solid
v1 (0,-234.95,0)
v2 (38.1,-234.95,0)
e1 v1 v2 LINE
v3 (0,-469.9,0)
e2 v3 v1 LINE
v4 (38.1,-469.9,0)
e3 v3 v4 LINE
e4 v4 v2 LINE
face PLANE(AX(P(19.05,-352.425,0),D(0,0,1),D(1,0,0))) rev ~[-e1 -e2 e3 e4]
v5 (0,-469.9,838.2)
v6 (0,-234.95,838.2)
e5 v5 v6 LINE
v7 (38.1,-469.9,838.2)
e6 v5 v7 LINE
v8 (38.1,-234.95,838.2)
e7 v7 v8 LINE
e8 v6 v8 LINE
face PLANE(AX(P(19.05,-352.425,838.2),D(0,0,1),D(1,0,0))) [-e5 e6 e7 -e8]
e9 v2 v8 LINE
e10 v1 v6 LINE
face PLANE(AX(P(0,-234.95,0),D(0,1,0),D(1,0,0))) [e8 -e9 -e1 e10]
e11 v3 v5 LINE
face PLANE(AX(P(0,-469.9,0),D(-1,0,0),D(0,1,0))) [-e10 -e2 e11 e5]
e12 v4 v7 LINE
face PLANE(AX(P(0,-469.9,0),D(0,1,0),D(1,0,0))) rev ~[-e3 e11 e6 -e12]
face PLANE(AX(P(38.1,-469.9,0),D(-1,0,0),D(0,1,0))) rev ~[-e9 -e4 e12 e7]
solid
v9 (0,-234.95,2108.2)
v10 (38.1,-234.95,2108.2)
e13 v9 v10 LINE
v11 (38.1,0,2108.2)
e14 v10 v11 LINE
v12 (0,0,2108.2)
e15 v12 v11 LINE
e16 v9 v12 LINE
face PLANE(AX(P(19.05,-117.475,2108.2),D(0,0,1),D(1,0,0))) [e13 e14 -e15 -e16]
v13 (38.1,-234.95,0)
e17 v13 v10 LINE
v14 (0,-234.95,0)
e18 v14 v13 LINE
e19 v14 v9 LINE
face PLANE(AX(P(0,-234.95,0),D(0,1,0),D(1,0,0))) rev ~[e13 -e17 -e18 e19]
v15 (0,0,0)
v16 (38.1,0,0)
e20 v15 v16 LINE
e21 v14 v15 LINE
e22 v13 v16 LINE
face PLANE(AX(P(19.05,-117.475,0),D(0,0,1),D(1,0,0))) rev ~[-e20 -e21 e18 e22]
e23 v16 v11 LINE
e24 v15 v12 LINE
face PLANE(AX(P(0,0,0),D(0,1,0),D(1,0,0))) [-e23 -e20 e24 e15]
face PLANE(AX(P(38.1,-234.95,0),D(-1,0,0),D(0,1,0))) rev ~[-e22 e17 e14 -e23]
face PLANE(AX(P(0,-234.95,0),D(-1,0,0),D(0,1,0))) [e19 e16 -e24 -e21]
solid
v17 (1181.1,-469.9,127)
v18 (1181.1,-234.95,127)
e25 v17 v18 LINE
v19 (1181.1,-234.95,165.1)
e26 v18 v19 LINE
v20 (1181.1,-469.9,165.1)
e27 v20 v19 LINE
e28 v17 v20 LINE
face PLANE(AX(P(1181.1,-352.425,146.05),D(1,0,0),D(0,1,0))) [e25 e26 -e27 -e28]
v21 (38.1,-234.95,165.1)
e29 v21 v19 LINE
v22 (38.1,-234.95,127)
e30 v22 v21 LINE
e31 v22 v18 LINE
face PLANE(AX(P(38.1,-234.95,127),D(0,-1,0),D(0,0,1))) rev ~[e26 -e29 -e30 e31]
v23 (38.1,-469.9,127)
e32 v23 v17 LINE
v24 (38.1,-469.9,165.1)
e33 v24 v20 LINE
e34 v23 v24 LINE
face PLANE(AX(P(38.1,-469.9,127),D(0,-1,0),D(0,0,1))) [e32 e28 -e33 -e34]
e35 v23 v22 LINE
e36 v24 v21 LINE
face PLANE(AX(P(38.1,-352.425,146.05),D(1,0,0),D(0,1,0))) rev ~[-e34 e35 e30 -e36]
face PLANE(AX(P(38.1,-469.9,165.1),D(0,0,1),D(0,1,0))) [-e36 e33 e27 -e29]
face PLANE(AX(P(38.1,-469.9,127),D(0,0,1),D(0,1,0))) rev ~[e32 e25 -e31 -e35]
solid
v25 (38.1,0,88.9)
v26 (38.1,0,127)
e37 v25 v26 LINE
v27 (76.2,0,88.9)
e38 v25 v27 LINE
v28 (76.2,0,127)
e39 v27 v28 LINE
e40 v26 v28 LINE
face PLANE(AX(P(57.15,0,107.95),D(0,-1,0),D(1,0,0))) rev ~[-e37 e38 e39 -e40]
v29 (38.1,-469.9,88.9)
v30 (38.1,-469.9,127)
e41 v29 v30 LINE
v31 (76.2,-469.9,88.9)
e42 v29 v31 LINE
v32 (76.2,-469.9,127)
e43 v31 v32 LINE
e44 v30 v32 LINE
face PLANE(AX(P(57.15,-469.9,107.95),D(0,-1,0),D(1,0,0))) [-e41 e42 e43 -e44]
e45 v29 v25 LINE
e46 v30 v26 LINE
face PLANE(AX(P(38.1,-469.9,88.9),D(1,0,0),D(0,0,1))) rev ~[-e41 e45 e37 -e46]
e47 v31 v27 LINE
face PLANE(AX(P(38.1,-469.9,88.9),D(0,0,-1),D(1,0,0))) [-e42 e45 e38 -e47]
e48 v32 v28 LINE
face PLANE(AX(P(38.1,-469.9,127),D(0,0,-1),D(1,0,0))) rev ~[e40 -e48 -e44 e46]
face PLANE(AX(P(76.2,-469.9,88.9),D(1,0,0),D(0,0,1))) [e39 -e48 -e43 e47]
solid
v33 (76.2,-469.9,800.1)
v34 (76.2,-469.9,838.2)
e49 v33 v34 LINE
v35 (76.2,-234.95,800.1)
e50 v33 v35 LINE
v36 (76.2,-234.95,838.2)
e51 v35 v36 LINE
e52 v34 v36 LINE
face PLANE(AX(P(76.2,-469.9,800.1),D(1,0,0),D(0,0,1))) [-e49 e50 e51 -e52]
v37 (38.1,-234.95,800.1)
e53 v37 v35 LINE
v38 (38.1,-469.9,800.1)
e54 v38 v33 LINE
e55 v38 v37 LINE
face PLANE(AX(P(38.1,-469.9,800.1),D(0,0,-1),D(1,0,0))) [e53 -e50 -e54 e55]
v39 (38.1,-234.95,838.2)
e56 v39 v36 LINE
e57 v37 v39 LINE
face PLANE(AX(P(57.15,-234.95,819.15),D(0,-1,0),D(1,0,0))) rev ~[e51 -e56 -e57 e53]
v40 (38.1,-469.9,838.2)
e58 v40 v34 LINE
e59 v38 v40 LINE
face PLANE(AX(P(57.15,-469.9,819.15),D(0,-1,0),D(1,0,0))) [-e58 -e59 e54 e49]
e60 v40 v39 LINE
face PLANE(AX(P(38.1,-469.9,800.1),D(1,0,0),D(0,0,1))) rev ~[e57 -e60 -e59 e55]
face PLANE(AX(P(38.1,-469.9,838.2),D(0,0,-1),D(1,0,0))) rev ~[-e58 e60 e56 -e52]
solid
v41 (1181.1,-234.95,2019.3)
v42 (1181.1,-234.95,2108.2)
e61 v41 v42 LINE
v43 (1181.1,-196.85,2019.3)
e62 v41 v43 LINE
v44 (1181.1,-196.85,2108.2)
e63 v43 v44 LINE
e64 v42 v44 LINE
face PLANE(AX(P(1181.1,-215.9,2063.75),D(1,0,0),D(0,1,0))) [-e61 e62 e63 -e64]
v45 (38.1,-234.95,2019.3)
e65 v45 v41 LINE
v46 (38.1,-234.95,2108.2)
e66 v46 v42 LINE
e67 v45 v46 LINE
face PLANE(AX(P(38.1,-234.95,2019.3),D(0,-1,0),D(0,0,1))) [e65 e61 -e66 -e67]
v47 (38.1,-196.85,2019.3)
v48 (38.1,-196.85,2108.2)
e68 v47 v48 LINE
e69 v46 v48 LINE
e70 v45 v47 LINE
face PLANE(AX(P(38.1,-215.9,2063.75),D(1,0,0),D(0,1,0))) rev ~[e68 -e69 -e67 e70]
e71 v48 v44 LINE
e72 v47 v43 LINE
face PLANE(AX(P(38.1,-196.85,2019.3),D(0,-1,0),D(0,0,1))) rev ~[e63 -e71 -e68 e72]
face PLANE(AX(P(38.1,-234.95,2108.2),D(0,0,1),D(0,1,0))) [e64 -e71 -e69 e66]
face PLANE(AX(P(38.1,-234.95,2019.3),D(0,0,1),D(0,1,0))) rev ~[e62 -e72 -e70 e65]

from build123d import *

# Parameters (mm, degrees)
F0_W      = 38.1
F0_H      = 234.95
F1_DEPTH  = 2108.2
F2_W      = 38.1
F2_H      = 234.95
F3_DEPTH  = 838.2
F4_W      = 234.95
F4_H      = 38.1
F5_DEPTH  = 1143
F6_W      = 38.1
F6_H      = 88.9
F7_DEPTH  = 1143
F8_W      = 38.1
F8_H      = 38.1
F9_DEPTH  = 469.9
F10_W     = 38.1
F10_H     = 38.1
F11_DEPTH = 234.95


with BuildPart() as f1:
    # F0 (on Top) → F1 (new body)
    with BuildSketch(Plane.XY):
        with Locations((19.05, -117.475)):
            Rectangle(F0_W, F0_H)
    extrude(amount=F1_DEPTH)


with BuildPart() as f3:
    # F2 (on Top) → F3 (new body)
    with BuildSketch(Plane.XY):
        with Locations((19.05, -352.425)):
            Rectangle(F2_W, F2_H)
    extrude(amount=F3_DEPTH)


with BuildPart() as f5:
    # F4 (on face) → F5 (new body)
    with BuildSketch(Plane.YZ.offset(38.1)):
        with Locations((-352.425, 146.05)):
            Rectangle(F4_W, F4_H)
    extrude(amount=F5_DEPTH)


with BuildPart() as f7:
    # F6 (on face) → F7 (new body)
    with BuildSketch(Plane.YZ.offset(38.1)):
        with Locations((-215.9, 2063.75)):
            Rectangle(F6_W, F6_H)
    extrude(amount=F7_DEPTH)


with BuildPart() as f9:
    # F8 (on face) → F9 (new body, through all)
    with BuildSketch(Plane.XZ.offset(469.9)):
        with Locations((57.15, 107.95)):
            Rectangle(F8_W, F8_H)
    extrude(amount=-F9_DEPTH)


with BuildPart() as f11:
    # F10 (on face) → F11 (new body)
    with BuildSketch(Plane.XZ.offset(469.9)):
        with Locations((57.15, 819.15)):
            Rectangle(F10_W, F10_H)
    extrude(amount=-F11_DEPTH)


solid = Compound([f1.part, f3.part, f5.part, f7.part, f9.part, f11.part])
